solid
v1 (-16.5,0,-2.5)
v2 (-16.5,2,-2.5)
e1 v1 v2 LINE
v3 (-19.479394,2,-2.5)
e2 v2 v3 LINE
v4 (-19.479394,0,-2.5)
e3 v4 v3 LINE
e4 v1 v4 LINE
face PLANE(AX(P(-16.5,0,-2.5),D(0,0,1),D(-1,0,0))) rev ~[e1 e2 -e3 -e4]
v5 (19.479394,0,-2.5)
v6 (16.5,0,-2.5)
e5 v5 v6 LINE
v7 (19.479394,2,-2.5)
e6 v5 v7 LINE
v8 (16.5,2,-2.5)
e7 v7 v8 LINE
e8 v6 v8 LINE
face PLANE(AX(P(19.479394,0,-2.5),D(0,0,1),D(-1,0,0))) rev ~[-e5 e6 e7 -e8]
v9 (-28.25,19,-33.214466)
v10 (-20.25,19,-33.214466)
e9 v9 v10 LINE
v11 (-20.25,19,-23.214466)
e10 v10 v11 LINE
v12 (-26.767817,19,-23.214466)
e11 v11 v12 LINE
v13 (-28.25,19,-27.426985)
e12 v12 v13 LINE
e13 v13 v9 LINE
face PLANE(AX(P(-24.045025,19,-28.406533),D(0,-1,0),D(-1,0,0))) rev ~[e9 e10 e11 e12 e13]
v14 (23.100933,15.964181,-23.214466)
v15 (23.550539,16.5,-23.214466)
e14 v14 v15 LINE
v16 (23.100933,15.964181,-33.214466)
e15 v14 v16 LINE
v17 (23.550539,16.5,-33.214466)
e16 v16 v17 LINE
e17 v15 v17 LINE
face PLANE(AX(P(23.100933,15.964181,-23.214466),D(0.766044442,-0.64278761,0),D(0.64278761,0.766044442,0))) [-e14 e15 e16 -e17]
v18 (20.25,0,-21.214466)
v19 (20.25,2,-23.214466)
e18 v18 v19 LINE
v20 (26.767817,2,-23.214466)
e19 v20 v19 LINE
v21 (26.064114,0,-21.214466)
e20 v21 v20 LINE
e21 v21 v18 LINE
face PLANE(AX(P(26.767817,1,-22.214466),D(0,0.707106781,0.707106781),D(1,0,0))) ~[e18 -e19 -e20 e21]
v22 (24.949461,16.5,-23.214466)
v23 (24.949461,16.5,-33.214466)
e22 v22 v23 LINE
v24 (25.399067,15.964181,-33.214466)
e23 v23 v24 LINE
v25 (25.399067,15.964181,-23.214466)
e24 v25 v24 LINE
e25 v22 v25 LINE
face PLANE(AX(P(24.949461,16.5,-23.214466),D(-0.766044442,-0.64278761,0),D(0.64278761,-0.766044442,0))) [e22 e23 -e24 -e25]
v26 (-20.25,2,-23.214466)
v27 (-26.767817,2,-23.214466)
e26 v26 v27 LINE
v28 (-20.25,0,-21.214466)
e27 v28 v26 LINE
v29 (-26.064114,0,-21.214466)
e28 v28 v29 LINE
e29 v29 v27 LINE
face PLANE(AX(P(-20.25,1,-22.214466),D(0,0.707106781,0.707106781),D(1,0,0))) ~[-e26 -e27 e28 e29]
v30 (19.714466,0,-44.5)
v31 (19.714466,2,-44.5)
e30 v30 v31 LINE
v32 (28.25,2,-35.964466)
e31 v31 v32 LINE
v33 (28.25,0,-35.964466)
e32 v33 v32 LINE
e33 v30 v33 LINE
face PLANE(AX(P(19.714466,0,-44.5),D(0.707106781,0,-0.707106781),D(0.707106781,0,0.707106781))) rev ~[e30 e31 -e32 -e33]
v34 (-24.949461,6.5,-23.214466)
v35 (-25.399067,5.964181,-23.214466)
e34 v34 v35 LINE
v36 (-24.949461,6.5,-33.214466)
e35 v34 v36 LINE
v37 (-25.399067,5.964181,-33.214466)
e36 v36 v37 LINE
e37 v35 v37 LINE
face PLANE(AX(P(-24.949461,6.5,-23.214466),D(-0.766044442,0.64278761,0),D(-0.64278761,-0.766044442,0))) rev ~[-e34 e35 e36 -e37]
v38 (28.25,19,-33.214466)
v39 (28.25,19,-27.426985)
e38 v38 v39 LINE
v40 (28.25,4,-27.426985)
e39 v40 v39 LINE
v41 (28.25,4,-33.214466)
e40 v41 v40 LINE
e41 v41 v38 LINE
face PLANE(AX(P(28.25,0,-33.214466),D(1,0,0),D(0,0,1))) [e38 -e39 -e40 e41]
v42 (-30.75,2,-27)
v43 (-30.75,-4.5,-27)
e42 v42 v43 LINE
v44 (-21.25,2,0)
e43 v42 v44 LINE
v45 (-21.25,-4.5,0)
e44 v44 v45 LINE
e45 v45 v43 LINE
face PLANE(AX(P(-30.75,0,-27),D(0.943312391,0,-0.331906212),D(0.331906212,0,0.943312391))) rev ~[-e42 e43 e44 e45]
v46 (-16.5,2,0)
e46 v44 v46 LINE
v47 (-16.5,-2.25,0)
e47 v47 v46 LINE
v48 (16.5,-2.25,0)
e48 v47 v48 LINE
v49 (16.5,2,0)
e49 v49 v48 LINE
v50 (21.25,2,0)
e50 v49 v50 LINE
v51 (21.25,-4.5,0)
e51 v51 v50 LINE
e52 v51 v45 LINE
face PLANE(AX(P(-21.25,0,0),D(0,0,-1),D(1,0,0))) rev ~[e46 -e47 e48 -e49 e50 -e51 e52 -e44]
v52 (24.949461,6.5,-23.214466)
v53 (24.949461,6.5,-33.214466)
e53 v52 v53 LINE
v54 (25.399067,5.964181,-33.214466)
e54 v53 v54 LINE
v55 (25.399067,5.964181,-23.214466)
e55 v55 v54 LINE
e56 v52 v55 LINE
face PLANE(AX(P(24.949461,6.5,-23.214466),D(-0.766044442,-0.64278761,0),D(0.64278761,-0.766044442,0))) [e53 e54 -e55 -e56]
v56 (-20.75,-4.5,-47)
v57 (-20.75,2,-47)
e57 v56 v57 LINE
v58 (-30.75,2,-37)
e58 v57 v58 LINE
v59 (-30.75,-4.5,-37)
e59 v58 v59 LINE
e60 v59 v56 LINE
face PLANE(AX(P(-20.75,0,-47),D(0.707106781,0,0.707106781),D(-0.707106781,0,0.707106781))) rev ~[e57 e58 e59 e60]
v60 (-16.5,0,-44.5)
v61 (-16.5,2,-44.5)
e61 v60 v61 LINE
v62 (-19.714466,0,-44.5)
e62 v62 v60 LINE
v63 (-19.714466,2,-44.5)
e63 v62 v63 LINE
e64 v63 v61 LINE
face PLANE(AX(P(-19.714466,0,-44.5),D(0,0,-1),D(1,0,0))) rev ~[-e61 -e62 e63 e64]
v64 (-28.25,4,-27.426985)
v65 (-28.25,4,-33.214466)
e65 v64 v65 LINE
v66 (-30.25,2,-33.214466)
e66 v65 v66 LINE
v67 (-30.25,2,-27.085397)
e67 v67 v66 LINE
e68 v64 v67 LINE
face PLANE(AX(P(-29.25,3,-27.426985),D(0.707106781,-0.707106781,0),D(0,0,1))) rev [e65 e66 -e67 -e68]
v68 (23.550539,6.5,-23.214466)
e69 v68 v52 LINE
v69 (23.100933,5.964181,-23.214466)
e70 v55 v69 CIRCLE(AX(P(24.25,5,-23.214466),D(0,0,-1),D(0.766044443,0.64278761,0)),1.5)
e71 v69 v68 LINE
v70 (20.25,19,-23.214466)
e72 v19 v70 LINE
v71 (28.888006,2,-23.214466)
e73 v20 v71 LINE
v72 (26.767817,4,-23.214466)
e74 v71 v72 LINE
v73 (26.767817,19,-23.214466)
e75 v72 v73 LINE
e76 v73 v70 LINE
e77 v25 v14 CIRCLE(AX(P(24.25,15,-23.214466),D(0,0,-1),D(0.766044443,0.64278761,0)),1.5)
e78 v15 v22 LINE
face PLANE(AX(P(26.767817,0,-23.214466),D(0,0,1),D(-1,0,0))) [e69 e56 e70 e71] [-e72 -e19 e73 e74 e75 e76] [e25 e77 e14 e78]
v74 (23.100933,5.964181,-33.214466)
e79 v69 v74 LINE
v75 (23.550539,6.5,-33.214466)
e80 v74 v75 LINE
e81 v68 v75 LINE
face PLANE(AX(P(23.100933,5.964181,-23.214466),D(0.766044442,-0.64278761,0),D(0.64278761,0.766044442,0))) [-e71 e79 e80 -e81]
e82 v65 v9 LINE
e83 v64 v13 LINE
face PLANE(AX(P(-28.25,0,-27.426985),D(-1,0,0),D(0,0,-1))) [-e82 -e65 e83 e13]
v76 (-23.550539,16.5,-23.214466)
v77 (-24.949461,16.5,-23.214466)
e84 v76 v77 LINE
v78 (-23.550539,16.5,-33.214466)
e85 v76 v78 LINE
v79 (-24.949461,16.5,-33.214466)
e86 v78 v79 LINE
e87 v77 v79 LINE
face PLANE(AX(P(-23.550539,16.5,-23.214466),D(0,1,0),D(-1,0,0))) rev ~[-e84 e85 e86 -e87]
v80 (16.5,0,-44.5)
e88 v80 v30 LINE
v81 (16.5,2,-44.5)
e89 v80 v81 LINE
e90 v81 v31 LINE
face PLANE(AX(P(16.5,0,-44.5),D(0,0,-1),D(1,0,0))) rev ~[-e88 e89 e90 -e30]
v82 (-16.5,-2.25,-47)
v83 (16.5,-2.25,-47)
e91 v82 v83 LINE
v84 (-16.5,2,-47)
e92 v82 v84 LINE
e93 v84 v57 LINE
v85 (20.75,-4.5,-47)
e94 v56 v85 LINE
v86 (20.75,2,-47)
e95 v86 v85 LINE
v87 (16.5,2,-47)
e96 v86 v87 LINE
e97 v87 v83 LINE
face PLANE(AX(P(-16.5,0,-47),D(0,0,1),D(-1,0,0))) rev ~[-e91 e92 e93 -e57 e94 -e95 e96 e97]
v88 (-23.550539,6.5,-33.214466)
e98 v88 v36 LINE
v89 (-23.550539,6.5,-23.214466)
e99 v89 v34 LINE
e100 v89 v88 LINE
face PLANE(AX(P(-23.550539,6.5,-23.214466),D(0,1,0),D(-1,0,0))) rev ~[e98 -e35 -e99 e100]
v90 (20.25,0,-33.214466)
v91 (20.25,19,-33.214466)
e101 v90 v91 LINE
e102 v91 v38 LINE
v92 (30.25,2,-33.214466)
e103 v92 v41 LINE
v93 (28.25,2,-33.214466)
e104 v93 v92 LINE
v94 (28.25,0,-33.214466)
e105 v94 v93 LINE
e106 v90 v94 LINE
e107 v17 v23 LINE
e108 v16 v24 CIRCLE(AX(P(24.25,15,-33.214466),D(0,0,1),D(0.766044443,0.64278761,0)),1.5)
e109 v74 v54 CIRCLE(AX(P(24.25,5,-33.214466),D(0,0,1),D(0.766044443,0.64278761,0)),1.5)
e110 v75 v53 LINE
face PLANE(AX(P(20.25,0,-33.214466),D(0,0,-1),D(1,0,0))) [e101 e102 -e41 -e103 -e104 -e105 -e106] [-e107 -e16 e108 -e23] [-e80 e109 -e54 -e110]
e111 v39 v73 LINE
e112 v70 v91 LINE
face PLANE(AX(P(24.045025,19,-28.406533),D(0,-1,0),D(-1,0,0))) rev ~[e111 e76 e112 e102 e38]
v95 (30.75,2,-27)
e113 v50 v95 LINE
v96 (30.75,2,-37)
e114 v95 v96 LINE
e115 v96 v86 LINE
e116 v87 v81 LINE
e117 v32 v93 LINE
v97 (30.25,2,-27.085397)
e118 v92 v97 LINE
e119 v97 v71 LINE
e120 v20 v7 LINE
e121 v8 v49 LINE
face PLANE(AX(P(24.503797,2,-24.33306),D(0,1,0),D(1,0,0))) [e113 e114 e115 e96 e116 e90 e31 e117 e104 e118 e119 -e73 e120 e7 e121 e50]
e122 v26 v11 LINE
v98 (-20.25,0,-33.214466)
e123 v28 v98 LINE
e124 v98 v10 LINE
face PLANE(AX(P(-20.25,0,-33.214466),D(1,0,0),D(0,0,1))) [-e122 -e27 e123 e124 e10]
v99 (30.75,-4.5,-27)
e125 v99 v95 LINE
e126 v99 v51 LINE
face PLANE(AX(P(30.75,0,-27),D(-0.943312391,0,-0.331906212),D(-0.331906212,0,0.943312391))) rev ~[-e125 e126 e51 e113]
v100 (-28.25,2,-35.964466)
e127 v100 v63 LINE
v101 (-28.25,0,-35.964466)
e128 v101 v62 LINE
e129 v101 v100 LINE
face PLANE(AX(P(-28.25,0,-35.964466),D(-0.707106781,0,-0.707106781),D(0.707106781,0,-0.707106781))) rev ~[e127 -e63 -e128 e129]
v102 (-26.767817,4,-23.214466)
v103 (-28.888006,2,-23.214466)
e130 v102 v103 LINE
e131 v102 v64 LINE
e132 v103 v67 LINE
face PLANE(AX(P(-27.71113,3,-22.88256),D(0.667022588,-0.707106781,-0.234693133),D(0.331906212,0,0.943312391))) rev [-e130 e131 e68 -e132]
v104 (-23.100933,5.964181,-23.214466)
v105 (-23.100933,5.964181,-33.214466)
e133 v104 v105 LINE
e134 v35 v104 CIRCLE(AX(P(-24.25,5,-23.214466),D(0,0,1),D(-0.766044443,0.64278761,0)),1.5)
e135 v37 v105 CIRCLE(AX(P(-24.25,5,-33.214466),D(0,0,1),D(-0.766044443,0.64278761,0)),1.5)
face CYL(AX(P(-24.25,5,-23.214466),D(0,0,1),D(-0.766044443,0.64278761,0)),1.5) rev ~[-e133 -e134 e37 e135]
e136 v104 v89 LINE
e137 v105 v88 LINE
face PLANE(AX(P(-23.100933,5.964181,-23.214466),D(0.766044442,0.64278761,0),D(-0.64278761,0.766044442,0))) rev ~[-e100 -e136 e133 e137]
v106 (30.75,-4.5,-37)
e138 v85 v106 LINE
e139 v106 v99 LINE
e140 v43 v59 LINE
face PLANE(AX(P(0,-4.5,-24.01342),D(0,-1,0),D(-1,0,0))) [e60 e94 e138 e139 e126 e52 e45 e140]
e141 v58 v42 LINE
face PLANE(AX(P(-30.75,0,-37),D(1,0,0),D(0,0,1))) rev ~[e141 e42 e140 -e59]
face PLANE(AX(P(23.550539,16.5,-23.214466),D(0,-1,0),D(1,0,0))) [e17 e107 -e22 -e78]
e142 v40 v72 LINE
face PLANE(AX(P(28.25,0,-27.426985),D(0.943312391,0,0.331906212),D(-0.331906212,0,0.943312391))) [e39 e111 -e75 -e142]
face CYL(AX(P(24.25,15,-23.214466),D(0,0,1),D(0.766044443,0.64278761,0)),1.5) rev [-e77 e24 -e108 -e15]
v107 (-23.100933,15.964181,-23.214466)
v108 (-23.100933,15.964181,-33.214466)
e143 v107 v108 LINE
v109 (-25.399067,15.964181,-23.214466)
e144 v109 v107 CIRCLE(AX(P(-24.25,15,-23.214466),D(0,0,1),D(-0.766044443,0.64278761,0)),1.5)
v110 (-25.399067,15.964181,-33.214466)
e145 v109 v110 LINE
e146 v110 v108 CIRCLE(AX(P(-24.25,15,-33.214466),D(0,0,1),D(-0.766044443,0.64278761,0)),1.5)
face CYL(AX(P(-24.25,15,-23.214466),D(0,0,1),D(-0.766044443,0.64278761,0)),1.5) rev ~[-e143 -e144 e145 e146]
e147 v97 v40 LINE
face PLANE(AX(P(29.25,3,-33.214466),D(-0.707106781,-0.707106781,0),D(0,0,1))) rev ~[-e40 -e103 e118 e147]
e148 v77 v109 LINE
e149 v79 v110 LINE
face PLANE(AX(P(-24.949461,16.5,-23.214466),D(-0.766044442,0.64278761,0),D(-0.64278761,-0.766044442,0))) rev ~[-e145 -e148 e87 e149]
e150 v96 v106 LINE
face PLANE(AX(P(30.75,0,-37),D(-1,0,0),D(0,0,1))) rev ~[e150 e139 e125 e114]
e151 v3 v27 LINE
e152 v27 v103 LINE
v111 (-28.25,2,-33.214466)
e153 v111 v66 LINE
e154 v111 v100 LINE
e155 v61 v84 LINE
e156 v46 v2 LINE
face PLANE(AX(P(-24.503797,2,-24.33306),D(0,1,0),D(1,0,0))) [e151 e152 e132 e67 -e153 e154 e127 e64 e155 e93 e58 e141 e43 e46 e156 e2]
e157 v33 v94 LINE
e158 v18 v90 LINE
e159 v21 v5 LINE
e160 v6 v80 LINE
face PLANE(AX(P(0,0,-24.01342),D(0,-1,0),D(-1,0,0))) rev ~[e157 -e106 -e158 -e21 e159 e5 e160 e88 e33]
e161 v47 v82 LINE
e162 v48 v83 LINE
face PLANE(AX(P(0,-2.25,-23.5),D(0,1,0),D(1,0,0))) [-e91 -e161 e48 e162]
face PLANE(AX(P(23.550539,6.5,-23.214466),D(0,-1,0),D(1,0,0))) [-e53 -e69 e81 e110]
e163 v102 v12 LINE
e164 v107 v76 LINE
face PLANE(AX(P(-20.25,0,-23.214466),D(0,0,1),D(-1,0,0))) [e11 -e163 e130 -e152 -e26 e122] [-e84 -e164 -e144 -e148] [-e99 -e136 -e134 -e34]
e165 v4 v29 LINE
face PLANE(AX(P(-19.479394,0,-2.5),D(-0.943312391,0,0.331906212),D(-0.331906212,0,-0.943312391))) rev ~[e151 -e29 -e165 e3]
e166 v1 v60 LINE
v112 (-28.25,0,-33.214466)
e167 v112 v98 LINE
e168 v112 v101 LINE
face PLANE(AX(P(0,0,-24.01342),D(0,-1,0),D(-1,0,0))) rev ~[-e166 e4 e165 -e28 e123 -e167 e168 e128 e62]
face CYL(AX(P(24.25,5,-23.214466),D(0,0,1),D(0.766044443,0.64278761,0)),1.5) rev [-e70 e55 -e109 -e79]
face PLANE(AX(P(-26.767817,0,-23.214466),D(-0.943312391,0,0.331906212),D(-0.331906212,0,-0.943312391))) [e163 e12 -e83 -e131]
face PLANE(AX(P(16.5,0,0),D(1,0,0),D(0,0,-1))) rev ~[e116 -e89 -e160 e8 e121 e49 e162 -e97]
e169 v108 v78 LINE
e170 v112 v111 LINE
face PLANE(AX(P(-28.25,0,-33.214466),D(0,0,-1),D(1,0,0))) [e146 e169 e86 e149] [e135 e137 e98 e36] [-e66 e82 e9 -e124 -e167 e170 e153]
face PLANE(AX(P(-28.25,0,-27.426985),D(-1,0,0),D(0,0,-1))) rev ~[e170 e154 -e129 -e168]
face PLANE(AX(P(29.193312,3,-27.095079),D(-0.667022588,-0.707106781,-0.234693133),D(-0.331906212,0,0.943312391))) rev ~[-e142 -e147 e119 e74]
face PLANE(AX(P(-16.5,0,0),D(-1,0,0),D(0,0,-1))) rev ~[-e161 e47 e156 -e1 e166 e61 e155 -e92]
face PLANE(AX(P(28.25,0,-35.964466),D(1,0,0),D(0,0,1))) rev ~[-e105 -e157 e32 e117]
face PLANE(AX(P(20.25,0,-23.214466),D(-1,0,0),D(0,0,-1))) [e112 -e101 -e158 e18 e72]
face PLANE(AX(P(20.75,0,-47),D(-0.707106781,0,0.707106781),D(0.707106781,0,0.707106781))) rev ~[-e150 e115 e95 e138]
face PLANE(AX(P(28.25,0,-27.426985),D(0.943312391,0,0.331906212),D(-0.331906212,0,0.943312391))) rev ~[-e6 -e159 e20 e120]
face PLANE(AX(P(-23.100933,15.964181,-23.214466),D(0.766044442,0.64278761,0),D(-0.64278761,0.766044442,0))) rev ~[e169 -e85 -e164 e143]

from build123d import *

# Parameters (mm, degrees)
BOSS_EXTRUDE1_DEPTH = 4.5
SKETCH2_W           = 33
SKETCH2_H           = 47
CUT_EXTRUDE1_DEPTH  = 2.25
BOSS_EXTRUDE2_DEPTH = 2
BOSS_EXTRUDE3_DEPTH = 19
CHAMFER1_SIZE       = 2
CHAMFER2_SIZE       = 2
CUT_EXTRUDE2_REACH  = 45.27


with BuildPart() as part:
    # Sketch1 → Boss-Extrude1 (new body)
    with BuildSketch(Plane(origin=(0, 0, 0), x_dir=(1, 0, 0), z_dir=(0, 1, 0))):
        Polygon((21.25, 0), (-21.25, 0), (-30.75, 27), (-30.75, 37), (-20.75, 47), (20.75, 47), (30.75, 37), (30.75, 27), align=None)
    extrude(amount=-BOSS_EXTRUDE1_DEPTH)

    # Sketch2 → Cut-Extrude1 (cut)
    with BuildSketch(Plane(origin=(0, 0, 0), x_dir=(1, 0, 0), z_dir=(0, 1, 0))):
        with Locations((0, 23.5)):
            Rectangle(SKETCH2_W, SKETCH2_H)
    extrude(amount=-CUT_EXTRUDE1_DEPTH, mode=Mode.SUBTRACT)

    # Sketch3 → Boss-Extrude2 (add)
    with BuildSketch(Plane(origin=(0, 0, 0), x_dir=(1, 0, 0), z_dir=(0, 1, 0))):
        Polygon((-21.25, 0), (-16.5, 0), (-16.5, 2.5), (-19.479394115, 2.5), (-28.25, 27.426985148), (-28.25, 35.964466094), (-19.714466094, 44.5), (-16.5, 44.5), (-16.5, 47), (-20.75, 47), (-30.75, 37), (-30.75, 27), align=None)
        Polygon((16.5, 0), (21.25, 0), (30.75, 27), (30.75, 37), (20.75, 47), (16.5, 47), (16.5, 44.5), (19.714466094, 44.5), (28.25, 35.964466094), (28.25, 27.426985148), (19.479394115, 2.5), (16.5, 2.5), align=None)
    extrude(amount=BOSS_EXTRUDE2_DEPTH)

    # Sketch4 → Boss-Extrude3 (add)
    with BuildSketch(Plane(origin=(0, 0, 0), x_dir=(1, 0, 0), z_dir=(0, 1, 0))):
        Polygon((-20.25, 33.214466094), (-20.25, 23.214466094), (-26.76781737, 23.214466094), (-28.25, 27.426985148), (-28.25, 33.214466094), align=None)
        Polygon((20.25, 23.214466094), (20.25, 33.214466094), (28.25, 33.214466094), (28.25, 27.426985148), (26.76781737, 23.214466094), align=None)
    extrude(amount=BOSS_EXTRUDE3_DEPTH)

    # Chamfer1
    chamfer1_edges = [part.edges().sort_by_distance(p)[0] for p in [
        (-27.508908685, 2, -25.320725621),
        (28.25, 2, -30.320725621),
        (-28.25, 2, -30.320725621),
        (27.508908685, 2, -25.320725621),
    ]]
    chamfer(chamfer1_edges, length=CHAMFER1_SIZE)

    # Chamfer2
    chamfer2_edges = [part.edges().sort_by_distance(p)[0] for p in [
        (23.508908685, 0, -23.214466094),
        (-23.508908685, 0, -23.214466094),
    ]]
    chamfer(chamfer2_edges, length=CHAMFER2_SIZE)

    # Sketch5 → Cut-Extrude2 (cut, up to next)
    with BuildSketch(Plane.XY.offset(-23.214466094), mode=Mode.PRIVATE) as cut_extrude2_sk1:
        with BuildLine():
            Line((-24.949461487, 16.5), (-25.399066665, 15.964181415))
            ThreePointArc((-25.399066665, 15.964181415), (-24.25, 13.5), (-23.100933335, 15.964181415))
            Line((-23.100933335, 15.964181415), (-23.550538513, 16.5))
            Line((-23.550538513, 16.5), (-24.949461487, 16.5))
        make_face()
    cut_extrude2_tool1 = extrude(cut_extrude2_sk1.sketch, amount=-CUT_EXTRUDE2_REACH, mode=Mode.PRIVATE) & part.part
    # Sketch5 → Cut-Extrude2 (cut, up to next)
    with BuildSketch(Plane.XY.offset(-23.214466094), mode=Mode.PRIVATE) as cut_extrude2_sk2:
        with BuildLine():
            Line((-23.100933335, 5.964181415), (-23.550538513, 6.5))
            Line((-23.550538513, 6.5), (-24.949461487, 6.5))
            Line((-24.949461487, 6.5), (-25.399066665, 5.964181415))
            ThreePointArc((-25.399066665, 5.964181415), (-24.25, 3.5), (-23.100933335, 5.964181415))
        make_face()
    cut_extrude2_tool2 = extrude(cut_extrude2_sk2.sketch, amount=-CUT_EXTRUDE2_REACH, mode=Mode.PRIVATE) & part.part
    # Sketch5 → Cut-Extrude2 (cut, up to next)
    with BuildSketch(Plane.XY.offset(-23.214466094), mode=Mode.PRIVATE) as cut_extrude2_sk3:
        with BuildLine():
            Line((23.100933335, 5.964181415), (23.550538513, 6.5))
            Line((23.550538513, 6.5), (24.949461487, 6.5))
            Line((24.949461487, 6.5), (25.399066665, 5.964181415))
            ThreePointArc((25.399066665, 5.964181415), (24.25, 3.5), (23.100933335, 5.964181415))
        make_face()
    cut_extrude2_tool3 = extrude(cut_extrude2_sk3.sketch, amount=-CUT_EXTRUDE2_REACH, mode=Mode.PRIVATE) & part.part
    # Sketch5 → Cut-Extrude2 (cut, up to next)
    with BuildSketch(Plane.XY.offset(-23.214466094), mode=Mode.PRIVATE) as cut_extrude2_sk4:
        with BuildLine():
            Line((24.949461487, 16.5), (25.399066665, 15.964181415))
            ThreePointArc((25.399066665, 15.964181415), (24.25, 13.5), (23.100933335, 15.964181415))
            Line((23.100933335, 15.964181415), (23.550538513, 16.5))
            Line((23.550538513, 16.5), (24.949461487, 16.5))
        make_face()
    cut_extrude2_tool4 = extrude(cut_extrude2_sk4.sketch, amount=-CUT_EXTRUDE2_REACH, mode=Mode.PRIVATE) & part.part
    add(cut_extrude2_tool1.solids().sort_by_distance((-24.25, 15.026014, -23.214466))[0], mode=Mode.SUBTRACT)
    add(cut_extrude2_tool2.solids().sort_by_distance((-24.25, 5.026014, -23.214466))[0], mode=Mode.SUBTRACT)
    add(cut_extrude2_tool3.solids().sort_by_distance((24.25, 5.026014, -23.214466))[0], mode=Mode.SUBTRACT)
    add(cut_extrude2_tool4.solids().sort_by_distance((24.25, 15.026014, -23.214466))[0], mode=Mode.SUBTRACT)


solid = part.part
